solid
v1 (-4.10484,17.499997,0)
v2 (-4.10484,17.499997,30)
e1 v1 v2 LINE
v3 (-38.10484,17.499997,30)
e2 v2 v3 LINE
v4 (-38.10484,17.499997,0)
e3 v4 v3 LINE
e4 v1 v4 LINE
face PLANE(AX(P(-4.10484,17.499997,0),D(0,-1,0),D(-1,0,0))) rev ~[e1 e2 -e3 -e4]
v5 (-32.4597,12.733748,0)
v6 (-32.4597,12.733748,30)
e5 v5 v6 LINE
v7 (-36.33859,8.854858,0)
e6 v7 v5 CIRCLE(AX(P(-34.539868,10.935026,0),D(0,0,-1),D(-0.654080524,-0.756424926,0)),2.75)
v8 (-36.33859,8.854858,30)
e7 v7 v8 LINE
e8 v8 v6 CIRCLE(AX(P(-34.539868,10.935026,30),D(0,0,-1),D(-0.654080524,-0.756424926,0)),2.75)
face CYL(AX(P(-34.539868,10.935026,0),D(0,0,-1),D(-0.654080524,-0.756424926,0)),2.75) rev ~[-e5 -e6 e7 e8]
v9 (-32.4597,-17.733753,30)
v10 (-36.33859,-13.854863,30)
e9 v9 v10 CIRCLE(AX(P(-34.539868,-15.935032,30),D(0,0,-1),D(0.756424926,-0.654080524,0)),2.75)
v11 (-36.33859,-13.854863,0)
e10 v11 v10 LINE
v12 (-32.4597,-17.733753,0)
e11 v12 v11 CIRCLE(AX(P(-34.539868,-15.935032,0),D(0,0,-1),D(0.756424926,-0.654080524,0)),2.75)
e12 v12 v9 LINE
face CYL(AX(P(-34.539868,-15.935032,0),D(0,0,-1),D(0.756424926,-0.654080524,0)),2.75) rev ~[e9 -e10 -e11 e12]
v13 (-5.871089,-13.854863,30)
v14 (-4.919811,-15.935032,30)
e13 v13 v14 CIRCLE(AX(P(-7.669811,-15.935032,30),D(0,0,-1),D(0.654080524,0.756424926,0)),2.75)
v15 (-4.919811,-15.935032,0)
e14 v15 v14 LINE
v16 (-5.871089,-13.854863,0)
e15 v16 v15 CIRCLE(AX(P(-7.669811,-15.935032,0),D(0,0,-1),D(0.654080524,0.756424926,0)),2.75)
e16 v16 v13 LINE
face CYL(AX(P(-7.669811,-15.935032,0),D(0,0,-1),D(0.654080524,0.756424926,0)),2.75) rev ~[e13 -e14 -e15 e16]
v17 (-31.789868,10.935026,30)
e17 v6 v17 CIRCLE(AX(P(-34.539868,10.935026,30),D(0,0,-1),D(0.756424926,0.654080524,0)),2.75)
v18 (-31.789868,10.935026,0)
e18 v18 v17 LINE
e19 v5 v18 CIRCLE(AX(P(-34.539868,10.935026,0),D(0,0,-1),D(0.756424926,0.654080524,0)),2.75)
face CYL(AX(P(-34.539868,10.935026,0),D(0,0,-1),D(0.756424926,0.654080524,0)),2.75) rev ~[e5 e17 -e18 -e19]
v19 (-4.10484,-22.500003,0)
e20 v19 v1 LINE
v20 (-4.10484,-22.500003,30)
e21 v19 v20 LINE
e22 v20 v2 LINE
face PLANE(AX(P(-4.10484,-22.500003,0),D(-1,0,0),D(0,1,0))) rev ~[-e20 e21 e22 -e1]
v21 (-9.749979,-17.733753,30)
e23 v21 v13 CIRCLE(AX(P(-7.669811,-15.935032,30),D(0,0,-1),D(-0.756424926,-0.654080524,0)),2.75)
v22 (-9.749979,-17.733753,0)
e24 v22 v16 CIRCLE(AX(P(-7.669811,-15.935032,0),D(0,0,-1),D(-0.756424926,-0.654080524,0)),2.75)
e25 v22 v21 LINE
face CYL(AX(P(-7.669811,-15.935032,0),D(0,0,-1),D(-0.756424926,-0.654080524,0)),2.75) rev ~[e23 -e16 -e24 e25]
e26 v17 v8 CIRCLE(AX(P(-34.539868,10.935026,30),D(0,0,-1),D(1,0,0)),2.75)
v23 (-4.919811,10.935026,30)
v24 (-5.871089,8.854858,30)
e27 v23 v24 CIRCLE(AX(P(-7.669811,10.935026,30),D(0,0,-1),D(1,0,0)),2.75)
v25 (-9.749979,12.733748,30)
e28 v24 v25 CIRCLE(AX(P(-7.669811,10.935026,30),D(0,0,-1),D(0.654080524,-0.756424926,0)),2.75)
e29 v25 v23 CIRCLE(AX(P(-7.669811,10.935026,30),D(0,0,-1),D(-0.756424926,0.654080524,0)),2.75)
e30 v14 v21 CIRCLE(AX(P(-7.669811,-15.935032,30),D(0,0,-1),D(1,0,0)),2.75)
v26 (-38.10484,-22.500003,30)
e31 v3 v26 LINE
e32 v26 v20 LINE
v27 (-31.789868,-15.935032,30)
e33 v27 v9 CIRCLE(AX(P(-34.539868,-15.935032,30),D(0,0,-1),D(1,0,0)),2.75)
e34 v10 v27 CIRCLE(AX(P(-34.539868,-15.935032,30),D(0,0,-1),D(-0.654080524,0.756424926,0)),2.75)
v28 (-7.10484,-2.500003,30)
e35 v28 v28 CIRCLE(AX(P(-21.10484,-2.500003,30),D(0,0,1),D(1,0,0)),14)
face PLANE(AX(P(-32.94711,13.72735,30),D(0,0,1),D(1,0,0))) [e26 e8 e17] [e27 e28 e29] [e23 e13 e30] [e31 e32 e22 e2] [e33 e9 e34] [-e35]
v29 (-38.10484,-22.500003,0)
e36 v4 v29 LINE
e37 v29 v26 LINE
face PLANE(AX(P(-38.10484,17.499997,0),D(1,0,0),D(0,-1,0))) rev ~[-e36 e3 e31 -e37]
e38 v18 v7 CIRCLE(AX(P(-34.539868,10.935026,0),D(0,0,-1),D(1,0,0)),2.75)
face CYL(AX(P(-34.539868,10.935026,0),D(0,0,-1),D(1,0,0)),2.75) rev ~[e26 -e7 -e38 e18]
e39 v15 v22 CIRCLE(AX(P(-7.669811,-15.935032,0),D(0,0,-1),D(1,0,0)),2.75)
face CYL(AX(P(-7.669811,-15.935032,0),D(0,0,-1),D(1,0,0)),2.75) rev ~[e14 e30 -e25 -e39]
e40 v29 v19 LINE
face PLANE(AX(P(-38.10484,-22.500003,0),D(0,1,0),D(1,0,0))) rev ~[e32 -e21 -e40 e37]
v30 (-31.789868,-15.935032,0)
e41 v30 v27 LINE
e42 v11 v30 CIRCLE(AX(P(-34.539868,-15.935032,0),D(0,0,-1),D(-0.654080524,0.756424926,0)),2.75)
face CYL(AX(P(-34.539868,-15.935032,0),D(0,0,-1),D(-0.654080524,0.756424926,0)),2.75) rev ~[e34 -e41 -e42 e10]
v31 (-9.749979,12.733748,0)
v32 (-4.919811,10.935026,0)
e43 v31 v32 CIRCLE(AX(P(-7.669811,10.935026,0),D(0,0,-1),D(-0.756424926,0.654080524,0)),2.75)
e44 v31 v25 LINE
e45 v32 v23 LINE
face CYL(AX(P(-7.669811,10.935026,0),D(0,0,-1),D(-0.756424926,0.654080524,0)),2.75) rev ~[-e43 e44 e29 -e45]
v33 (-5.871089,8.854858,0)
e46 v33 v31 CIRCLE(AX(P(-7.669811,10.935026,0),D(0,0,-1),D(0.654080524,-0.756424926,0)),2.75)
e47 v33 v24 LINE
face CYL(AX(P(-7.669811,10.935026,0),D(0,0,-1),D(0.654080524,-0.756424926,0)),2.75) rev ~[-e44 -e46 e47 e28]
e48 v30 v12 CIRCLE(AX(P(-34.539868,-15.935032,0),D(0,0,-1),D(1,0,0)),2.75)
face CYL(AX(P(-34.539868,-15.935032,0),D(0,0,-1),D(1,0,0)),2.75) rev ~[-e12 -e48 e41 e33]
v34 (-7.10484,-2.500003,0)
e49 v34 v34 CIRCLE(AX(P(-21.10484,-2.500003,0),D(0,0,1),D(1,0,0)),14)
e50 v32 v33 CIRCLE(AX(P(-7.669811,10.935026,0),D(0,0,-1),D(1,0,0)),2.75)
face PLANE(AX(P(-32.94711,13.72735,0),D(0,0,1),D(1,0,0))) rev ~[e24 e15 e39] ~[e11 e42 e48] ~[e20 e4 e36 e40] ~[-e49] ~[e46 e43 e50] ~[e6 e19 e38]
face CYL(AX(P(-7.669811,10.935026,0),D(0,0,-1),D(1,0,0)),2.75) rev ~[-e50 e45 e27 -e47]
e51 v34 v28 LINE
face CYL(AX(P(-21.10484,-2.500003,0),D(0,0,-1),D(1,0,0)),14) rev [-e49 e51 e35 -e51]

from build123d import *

# Parameters (mm, degrees)
F0_R     = 14
F1_DEPTH = 30


with BuildPart() as f1:
    # F0 (on Top) → F1 (new body)
    with BuildSketch(Plane.XY):
        with BuildLine():
            Line((-23.6665773145, 17.4999972433), (-34.3713387844, 17.4999972433))
            ThreePointArc((-34.3713387844, 17.4999972433), (-36.3151814801, 16.0646276083), (-38.104839623, 14.4410715894))
            Line((-38.104839623, 14.4410715894), (-38.104839623, 5.9852786175))
            ThreePointArc((-38.104839623, 5.9852786175), (-37.2854541079, 7.4593001752), (-36.3385899052, 8.8548575392))
            ThreePointArc((-36.3385899052, 8.8548575392), (-36.4844121138, 12.8795697341), (-32.4596999189, 12.7337475255))
            ThreePointArc((-32.4596999189, 12.7337475255), (-28.3758248379, 15.053708361), (-23.8476290358, 16.3009840854))
            ThreePointArc((-23.8476290358, 16.3009840854), (-23.8240141463, 16.910594262), (-23.6665773145, 17.4999972433))
        make_face()
        with BuildLine():
            Line((-4.104839623, -10.985284131), (-4.104839623, 5.9852786175))
            ThreePointArc((-4.104839623, 5.9852786175), (-4.924225138, 7.4593001752), (-5.8710893408, 8.8548575392))
            ThreePointArc((-5.8710893408, 8.8548575392), (-9.6143544287, 8.9904824376), (-9.7499793271, 12.7337475255))
            ThreePointArc((-9.7499793271, 12.7337475255), (-13.833854408, 15.053708361), (-18.3620502102, 16.3009840854))
            ThreePointArc((-18.3620502102, 16.3009840854), (-21.104839623, 13.7499972433), (-23.8476290358, 16.3009840854))
            ThreePointArc((-23.8476290358, 16.3009840854), (-28.3758248379, 15.053708361), (-32.4596999189, 12.7337475255))
            ThreePointArc((-32.4596999189, 12.7337475255), (-31.9627612206, 11.8947230423), (-31.7898684655, 10.9350260858))
            ThreePointArc((-31.7898684655, 10.9350260858), (-33.3961866827, 8.4341278513), (-36.3385899052, 8.8548575392))
            ThreePointArc((-36.3385899052, 8.8548575392), (-37.2854541079, 7.4593001752), (-38.104839623, 5.9852786175))
            Line((-38.104839623, 5.9852786175), (-38.104839623, -10.985284131))
            ThreePointArc((-38.104839623, -10.985284131), (-37.2854541079, -12.4593056886), (-36.3385899052, -13.8548630526))
            ThreePointArc((-36.3385899052, -13.8548630526), (-33.3961866827, -13.4341333647), (-31.7898684655, -15.9350315993))
            ThreePointArc((-31.7898684655, -15.9350315993), (-31.9627612206, -16.8947285558), (-32.4596999189, -17.7337530389))
            ThreePointArc((-32.4596999189, -17.7337530389), (-28.3758248379, -20.0537138744), (-23.8476290358, -21.3009895988))
            ThreePointArc((-23.8476290358, -21.3009895988), (-21.104839623, -18.7500027567), (-18.3620502102, -21.3009895988))
            ThreePointArc((-18.3620502102, -21.3009895988), (-13.833854408, -20.0537138744), (-9.7499793271, -17.7337530389))
            ThreePointArc((-9.7499793271, -17.7337530389), (-9.6143544287, -13.990487951), (-5.8710893408, -13.8548630526))
            ThreePointArc((-5.8710893408, -13.8548630526), (-4.924225138, -12.4593056886), (-4.104839623, -10.985284131))
        make_face()
        with Locations((-21.104839623, -2.5000027567)):
            Circle(F0_R, mode=Mode.SUBTRACT)
        with BuildLine():
            Line((-4.104839623, 5.9852786175), (-4.104839623, 14.4410715894))
            ThreePointArc((-4.104839623, 14.4410715894), (-5.8944977658, 16.0646276083), (-7.8383404616, 17.4999972433))
            Line((-7.8383404616, 17.4999972433), (-18.5431019315, 17.4999972433))
            ThreePointArc((-18.5431019315, 17.4999972433), (-18.4023150022, 17.0087807672), (-18.354839623, 16.4999972433))
            ThreePointArc((-18.354839623, 16.4999972433), (-18.356642861, 16.4004253728), (-18.3620502102, 16.3009840854))
            ThreePointArc((-18.3620502102, 16.3009840854), (-13.833854408, 15.053708361), (-9.7499793271, 12.7337475255))
            ThreePointArc((-9.7499793271, 12.7337475255), (-6.7101138239, 13.5121333307), (-4.9198107804, 10.9350260858))
            ThreePointArc((-4.9198107804, 10.9350260858), (-5.1689125459, 9.791344303), (-5.8710893408, 8.8548575392))
            ThreePointArc((-5.8710893408, 8.8548575392), (-4.924225138, 7.4593001752), (-4.104839623, 5.9852786175))
        make_face()
        with BuildLine():
            ThreePointArc((-18.3620502102, 16.3009840854), (-21.104839623, 16.4999972433), (-23.8476290358, 16.3009840854))
            ThreePointArc((-23.8476290358, 16.3009840854), (-21.104839623, 13.7499972433), (-18.3620502102, 16.3009840854))
        make_face()
        with BuildLine():
            ThreePointArc((-18.354839623, 16.4999972433), (-18.4023150022, 17.0087807672), (-18.5431019315, 17.4999972433))
            Line((-18.5431019315, 17.4999972433), (-23.6665773145, 17.4999972433))
            ThreePointArc((-23.6665773145, 17.4999972433), (-23.8240141463, 16.910594262), (-23.8476290358, 16.3009840854))
            ThreePointArc((-23.8476290358, 16.3009840854), (-21.104839623, 16.4999972433), (-18.3620502102, 16.3009840854))
            ThreePointArc((-18.3620502102, 16.3009840854), (-18.356642861, 16.4004253728), (-18.354839623, 16.4999972433))
        make_face()
        with BuildLine():
            ThreePointArc((-18.3620502102, -21.3009895988), (-21.104839623, -18.7500027567), (-23.8476290358, -21.3009895988))
            ThreePointArc((-23.8476290358, -21.3009895988), (-21.104839623, -21.5000027567), (-18.3620502102, -21.3009895988))
        make_face()
        with BuildLine():
            ThreePointArc((-38.104839623, -19.4410771028), (-36.3151814801, -21.0646331217), (-34.3713387844, -22.5000027567))
            Line((-34.3713387844, -22.5000027567), (-23.6665773145, -22.5000027567))
            ThreePointArc((-23.6665773145, -22.5000027567), (-23.8240141463, -21.9105997754), (-23.8476290358, -21.3009895988))
            ThreePointArc((-23.8476290358, -21.3009895988), (-28.3758248379, -20.0537138744), (-32.4596999189, -17.7337530389))
            ThreePointArc((-32.4596999189, -17.7337530389), (-36.4844121138, -17.8795752475), (-36.3385899052, -13.8548630526))
            ThreePointArc((-36.3385899052, -13.8548630526), (-37.2854541079, -12.4593056886), (-38.104839623, -10.985284131))
            Line((-38.104839623, -10.985284131), (-38.104839623, -19.4410771028))
        make_face()
        with BuildLine():
            ThreePointArc((-7.8383404616, -22.5000027567), (-5.8944977658, -21.0646331217), (-4.104839623, -19.4410771028))
            Line((-4.104839623, -19.4410771028), (-4.104839623, -10.985284131))
            ThreePointArc((-4.104839623, -10.985284131), (-4.924225138, -12.4593056886), (-5.8710893408, -13.8548630526))
            ThreePointArc((-5.8710893408, -13.8548630526), (-5.1689125459, -14.7913498164), (-4.9198107804, -15.9350315993))
            ThreePointArc((-4.9198107804, -15.9350315993), (-6.7101138239, -18.5121388441), (-9.7499793271, -17.7337530389))
            ThreePointArc((-9.7499793271, -17.7337530389), (-13.833854408, -20.0537138744), (-18.3620502102, -21.3009895988))
            ThreePointArc((-18.3620502102, -21.3009895988), (-18.356642861, -21.4004308862), (-18.354839623, -21.5000027567))
            ThreePointArc((-18.354839623, -21.5000027567), (-18.4023150022, -22.0087862806), (-18.5431019315, -22.5000027567))
            Line((-18.5431019315, -22.5000027567), (-7.8383404616, -22.5000027567))
        make_face()
        with BuildLine():
            Line((-4.104839623, -22.5000027567), (-4.104839623, -19.4410771028))
            ThreePointArc((-4.104839623, -19.4410771028), (-5.8944977658, -21.0646331217), (-7.8383404616, -22.5000027567))
            Line((-7.8383404616, -22.5000027567), (-4.104839623, -22.5000027567))
        make_face()
        with BuildLine():
            Line((-38.104839623, -22.5000027567), (-34.3713387844, -22.5000027567))
            ThreePointArc((-34.3713387844, -22.5000027567), (-36.3151814801, -21.0646331217), (-38.104839623, -19.4410771028))
            Line((-38.104839623, -19.4410771028), (-38.104839623, -22.5000027567))
        make_face()
        with BuildLine():
            ThreePointArc((-38.104839623, 14.4410715894), (-36.3151814801, 16.0646276083), (-34.3713387844, 17.4999972433))
            Line((-34.3713387844, 17.4999972433), (-38.104839623, 17.4999972433))
            Line((-38.104839623, 17.4999972433), (-38.104839623, 14.4410715894))
        make_face()
        with BuildLine():
            ThreePointArc((-7.8383404616, 17.4999972433), (-5.8944977658, 16.0646276083), (-4.104839623, 14.4410715894))
            Line((-4.104839623, 14.4410715894), (-4.104839623, 17.4999972433))
            Line((-4.104839623, 17.4999972433), (-7.8383404616, 17.4999972433))
        make_face()
        with BuildLine():
            Line((-23.6665773145, -22.5000027567), (-18.5431019315, -22.5000027567))
            ThreePointArc((-18.5431019315, -22.5000027567), (-18.4023150022, -22.0087862806), (-18.354839623, -21.5000027567))
            ThreePointArc((-18.354839623, -21.5000027567), (-18.356642861, -21.4004308862), (-18.3620502102, -21.3009895988))
            ThreePointArc((-18.3620502102, -21.3009895988), (-21.104839623, -21.5000027567), (-23.8476290358, -21.3009895988))
            ThreePointArc((-23.8476290358, -21.3009895988), (-23.8240141463, -21.9105997754), (-23.6665773145, -22.5000027567))
        make_face()
    extrude(amount=F1_DEPTH)


solid = f1.part
